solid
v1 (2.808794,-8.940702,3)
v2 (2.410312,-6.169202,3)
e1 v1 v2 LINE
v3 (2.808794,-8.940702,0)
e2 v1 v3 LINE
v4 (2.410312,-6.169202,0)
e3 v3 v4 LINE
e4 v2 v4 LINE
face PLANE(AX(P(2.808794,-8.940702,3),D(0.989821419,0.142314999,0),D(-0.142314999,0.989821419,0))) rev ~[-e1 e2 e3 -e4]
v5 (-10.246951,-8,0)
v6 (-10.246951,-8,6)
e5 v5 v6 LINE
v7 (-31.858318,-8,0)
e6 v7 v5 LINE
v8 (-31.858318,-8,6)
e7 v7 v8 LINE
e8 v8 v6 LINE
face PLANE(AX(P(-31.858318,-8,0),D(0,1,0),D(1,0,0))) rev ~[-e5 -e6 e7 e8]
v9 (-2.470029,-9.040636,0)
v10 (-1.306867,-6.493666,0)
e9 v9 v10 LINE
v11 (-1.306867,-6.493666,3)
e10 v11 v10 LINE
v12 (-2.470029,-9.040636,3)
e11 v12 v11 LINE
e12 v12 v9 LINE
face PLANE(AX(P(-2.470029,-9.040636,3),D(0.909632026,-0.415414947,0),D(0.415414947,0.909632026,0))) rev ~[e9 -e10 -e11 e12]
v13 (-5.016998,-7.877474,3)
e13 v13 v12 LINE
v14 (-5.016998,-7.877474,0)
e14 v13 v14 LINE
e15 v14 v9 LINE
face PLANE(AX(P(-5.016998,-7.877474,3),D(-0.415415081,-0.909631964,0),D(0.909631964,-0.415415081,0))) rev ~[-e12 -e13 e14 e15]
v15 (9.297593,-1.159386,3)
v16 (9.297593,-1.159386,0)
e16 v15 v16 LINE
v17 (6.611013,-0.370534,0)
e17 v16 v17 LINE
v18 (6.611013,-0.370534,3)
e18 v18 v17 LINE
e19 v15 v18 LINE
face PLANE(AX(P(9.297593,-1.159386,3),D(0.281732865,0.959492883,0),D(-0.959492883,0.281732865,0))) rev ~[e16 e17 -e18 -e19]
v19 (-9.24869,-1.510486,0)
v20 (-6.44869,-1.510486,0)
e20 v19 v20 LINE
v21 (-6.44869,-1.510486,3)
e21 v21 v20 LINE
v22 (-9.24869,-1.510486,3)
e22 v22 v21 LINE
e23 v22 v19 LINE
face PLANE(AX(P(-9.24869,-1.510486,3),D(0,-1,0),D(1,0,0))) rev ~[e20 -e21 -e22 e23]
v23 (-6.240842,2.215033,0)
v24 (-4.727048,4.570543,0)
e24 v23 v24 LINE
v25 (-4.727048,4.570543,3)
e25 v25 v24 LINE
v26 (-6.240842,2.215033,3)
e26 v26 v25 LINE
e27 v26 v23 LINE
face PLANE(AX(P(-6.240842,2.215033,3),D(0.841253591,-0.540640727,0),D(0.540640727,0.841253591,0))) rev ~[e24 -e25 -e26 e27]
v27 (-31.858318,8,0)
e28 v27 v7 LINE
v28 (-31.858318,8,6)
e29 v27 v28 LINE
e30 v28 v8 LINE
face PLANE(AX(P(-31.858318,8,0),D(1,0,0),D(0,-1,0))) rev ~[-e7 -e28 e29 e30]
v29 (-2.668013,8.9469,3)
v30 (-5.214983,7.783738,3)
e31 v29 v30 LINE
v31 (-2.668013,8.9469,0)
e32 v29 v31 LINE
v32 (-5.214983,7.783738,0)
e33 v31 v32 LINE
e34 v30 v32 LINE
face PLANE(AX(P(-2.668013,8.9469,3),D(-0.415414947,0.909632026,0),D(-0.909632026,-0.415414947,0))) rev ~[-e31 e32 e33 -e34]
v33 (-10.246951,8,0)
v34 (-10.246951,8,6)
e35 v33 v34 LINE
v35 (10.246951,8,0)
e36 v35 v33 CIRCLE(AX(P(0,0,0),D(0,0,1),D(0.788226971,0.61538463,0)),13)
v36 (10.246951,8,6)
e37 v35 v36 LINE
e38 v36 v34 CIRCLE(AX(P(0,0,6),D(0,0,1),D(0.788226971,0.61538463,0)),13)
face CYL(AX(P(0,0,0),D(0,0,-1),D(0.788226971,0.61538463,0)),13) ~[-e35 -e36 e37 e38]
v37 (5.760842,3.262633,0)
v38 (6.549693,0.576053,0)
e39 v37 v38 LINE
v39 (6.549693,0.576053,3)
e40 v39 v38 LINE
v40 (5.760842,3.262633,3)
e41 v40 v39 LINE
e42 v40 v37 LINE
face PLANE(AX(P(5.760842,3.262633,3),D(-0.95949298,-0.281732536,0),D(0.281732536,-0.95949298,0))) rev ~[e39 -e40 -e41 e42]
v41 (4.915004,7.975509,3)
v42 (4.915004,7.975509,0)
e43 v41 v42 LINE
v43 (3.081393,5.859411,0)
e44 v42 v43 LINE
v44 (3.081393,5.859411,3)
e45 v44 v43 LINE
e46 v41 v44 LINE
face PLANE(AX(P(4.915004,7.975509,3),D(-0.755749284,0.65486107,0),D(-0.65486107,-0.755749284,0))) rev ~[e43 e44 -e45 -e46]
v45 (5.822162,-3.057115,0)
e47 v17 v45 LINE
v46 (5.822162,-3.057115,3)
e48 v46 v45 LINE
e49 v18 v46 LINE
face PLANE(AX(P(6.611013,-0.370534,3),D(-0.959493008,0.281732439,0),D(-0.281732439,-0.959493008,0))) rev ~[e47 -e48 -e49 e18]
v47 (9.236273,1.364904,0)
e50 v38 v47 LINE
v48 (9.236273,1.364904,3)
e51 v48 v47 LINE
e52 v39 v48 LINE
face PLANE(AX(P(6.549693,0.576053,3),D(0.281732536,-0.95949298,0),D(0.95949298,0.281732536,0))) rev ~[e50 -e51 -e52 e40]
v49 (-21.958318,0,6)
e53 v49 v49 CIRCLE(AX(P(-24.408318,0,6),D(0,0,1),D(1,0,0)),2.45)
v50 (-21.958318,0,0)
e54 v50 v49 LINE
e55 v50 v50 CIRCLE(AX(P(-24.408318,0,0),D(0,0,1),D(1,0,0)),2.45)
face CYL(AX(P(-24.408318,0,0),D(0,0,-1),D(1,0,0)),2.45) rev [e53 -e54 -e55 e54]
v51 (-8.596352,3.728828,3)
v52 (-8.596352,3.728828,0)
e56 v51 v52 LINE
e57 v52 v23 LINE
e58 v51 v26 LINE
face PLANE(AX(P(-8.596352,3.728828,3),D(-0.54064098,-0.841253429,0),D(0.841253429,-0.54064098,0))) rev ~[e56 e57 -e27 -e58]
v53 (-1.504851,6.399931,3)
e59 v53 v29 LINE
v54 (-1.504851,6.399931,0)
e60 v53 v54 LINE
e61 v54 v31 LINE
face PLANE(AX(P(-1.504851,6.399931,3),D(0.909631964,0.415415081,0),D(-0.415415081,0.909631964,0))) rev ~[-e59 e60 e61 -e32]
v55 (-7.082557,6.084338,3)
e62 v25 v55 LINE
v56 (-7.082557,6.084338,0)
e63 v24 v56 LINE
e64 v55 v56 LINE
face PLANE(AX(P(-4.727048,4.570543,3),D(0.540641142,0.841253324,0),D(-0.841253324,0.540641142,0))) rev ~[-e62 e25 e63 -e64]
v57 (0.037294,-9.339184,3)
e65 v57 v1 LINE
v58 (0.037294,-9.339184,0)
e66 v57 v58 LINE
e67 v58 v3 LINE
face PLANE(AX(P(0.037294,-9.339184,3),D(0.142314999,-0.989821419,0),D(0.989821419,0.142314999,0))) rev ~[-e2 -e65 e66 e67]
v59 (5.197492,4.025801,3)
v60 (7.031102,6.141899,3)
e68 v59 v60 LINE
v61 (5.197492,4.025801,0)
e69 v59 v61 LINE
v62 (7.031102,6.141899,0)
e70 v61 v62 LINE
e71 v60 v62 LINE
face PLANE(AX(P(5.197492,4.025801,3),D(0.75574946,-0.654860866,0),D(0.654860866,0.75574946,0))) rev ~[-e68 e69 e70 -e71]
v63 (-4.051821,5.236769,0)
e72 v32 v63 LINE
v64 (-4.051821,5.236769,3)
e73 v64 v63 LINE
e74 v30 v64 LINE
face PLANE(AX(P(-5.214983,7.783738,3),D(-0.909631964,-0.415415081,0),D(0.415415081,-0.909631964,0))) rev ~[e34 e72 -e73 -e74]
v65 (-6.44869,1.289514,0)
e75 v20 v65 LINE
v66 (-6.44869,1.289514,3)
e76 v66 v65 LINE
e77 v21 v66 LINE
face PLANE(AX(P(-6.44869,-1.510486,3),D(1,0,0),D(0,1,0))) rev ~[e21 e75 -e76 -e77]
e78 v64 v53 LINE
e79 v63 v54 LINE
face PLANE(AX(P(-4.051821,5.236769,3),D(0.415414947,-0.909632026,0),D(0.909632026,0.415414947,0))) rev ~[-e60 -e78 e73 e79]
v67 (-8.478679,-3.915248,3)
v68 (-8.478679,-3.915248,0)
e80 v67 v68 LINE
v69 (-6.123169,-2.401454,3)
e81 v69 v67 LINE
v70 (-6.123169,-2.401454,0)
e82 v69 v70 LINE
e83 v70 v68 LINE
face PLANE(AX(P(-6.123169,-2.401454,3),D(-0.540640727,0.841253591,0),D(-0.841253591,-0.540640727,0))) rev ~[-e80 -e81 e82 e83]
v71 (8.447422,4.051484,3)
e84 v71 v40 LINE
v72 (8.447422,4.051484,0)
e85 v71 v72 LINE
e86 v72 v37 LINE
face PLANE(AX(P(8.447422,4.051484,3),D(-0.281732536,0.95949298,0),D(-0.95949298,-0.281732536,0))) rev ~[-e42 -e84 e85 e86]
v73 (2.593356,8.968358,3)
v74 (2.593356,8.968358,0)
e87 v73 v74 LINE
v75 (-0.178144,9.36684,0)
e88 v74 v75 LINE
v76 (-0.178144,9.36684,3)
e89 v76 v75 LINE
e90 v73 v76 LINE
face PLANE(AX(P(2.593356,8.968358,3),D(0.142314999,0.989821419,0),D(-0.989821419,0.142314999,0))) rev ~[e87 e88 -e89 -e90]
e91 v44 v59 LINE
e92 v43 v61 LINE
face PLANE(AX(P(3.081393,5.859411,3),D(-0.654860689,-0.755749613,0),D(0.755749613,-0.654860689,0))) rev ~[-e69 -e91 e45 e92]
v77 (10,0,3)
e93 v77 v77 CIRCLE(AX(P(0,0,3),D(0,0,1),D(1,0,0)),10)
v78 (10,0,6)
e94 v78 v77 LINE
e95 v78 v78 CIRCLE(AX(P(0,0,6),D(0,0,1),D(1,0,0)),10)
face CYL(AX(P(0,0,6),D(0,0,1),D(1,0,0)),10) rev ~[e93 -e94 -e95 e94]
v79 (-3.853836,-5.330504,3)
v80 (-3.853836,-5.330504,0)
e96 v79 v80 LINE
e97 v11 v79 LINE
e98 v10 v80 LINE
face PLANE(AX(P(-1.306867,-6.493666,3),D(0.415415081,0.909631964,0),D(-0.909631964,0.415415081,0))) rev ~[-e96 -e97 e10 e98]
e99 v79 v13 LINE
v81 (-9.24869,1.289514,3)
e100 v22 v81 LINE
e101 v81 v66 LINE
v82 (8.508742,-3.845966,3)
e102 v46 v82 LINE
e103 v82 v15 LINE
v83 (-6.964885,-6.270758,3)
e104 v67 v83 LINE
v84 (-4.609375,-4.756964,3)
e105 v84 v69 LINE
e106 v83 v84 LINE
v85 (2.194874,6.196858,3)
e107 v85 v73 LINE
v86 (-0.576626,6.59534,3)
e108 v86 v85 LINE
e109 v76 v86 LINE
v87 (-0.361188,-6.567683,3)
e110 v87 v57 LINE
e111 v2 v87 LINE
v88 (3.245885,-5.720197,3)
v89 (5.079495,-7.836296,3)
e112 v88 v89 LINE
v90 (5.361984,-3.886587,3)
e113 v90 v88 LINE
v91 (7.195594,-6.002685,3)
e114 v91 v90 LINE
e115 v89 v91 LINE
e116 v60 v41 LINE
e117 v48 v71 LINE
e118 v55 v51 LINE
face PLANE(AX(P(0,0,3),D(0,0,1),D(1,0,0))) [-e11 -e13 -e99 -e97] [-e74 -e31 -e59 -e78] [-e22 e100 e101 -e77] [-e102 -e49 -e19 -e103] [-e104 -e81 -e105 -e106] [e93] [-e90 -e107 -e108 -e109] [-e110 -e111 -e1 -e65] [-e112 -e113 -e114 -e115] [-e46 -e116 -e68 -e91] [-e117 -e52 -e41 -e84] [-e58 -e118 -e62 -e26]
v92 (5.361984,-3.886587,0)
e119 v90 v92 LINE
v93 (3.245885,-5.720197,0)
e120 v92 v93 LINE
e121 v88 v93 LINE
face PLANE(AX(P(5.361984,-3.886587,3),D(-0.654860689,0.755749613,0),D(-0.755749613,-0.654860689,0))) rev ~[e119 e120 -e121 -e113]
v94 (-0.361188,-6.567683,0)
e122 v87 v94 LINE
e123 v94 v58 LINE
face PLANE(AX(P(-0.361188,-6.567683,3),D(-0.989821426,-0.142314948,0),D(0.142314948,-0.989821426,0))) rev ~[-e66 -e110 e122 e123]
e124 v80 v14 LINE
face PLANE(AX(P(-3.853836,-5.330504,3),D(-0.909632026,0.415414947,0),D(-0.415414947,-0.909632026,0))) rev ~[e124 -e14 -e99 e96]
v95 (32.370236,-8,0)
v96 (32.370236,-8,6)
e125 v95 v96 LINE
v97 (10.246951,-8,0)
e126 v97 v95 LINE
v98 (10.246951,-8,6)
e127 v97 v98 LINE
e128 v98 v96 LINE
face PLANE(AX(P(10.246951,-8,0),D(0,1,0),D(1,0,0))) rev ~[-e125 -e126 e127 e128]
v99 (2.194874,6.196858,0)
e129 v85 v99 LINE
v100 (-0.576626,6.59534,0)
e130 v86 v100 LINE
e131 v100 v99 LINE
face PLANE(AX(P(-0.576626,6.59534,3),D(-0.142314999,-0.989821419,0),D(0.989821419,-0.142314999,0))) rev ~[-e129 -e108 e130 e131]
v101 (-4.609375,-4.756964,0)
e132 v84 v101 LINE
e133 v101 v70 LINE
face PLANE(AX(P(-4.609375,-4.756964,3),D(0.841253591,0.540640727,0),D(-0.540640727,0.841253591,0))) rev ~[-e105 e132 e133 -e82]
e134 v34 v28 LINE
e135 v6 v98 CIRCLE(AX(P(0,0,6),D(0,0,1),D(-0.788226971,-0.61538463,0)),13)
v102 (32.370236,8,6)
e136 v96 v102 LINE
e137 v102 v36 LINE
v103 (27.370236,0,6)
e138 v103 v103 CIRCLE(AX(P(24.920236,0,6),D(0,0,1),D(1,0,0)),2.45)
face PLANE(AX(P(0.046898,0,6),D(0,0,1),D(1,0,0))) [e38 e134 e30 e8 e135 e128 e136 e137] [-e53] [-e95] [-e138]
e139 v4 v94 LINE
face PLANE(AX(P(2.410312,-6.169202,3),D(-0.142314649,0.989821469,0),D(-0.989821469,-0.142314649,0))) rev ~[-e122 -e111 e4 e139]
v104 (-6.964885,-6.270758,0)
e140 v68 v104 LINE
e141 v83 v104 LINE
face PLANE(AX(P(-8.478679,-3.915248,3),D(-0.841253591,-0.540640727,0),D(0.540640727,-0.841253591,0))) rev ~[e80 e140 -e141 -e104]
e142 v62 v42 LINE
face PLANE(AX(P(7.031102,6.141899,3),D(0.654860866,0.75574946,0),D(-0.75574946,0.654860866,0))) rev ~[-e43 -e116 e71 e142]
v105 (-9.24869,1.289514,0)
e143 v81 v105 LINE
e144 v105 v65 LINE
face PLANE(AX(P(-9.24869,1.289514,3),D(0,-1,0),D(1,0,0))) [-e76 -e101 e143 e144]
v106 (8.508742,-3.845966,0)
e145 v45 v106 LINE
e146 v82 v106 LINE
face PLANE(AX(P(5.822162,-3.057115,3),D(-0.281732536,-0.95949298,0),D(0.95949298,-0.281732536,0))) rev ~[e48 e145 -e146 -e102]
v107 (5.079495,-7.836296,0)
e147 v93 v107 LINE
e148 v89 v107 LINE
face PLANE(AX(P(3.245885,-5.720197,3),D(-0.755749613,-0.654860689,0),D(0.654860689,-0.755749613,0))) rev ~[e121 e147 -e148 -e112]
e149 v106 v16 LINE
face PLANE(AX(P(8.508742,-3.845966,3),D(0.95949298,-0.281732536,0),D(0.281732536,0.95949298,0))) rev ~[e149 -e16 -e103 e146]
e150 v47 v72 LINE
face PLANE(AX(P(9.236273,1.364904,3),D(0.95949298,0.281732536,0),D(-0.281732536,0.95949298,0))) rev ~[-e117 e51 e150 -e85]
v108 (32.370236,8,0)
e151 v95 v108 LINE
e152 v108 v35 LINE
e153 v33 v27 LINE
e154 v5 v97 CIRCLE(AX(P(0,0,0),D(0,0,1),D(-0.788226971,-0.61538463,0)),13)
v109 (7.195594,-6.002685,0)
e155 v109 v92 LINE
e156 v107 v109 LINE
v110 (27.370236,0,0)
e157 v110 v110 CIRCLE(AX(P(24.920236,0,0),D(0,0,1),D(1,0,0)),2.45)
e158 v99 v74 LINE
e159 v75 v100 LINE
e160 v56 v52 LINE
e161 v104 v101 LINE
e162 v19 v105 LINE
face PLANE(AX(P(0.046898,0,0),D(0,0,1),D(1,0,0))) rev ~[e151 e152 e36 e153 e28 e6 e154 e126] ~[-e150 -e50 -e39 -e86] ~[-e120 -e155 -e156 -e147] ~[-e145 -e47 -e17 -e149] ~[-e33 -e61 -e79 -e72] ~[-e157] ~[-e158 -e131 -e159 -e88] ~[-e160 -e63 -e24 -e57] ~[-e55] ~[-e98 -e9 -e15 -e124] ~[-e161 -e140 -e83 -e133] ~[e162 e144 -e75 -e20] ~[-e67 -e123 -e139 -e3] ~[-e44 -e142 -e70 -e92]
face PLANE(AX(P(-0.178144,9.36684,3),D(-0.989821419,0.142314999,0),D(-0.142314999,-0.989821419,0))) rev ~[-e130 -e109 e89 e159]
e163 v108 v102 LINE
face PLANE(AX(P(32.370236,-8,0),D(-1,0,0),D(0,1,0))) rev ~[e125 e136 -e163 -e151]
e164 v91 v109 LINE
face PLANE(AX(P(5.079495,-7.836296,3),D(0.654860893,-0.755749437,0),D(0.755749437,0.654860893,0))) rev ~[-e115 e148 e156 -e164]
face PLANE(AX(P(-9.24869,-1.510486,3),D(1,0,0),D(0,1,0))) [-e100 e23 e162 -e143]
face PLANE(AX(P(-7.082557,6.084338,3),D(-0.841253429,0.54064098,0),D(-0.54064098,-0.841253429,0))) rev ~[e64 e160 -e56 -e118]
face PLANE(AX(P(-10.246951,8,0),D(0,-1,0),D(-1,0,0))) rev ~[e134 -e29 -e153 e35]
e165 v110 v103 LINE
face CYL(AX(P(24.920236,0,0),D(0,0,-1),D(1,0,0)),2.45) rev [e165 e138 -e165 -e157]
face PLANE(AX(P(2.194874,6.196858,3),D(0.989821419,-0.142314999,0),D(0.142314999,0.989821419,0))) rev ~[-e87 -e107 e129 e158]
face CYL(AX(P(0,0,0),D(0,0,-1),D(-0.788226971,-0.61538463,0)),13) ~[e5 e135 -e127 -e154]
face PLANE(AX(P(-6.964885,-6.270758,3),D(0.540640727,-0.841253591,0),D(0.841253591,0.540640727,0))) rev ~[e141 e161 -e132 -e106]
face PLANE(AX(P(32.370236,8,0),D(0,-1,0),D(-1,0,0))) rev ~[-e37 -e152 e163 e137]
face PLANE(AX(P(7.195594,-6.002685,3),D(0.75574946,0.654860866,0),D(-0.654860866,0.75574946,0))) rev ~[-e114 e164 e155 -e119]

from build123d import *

# Parameters (mm, degrees)
F0_R     = 2.45
F1_DEPTH = 6
F2_R     = 10
F3_DEPTH = 3
F4_W     = 2.8
F4_H     = 2.8
F5_DEPTH = 3.001


with BuildPart() as f1:
    # F0 (on Top) → F1 (new body)
    with BuildSketch(Plane.XY):
        with BuildLine():
            ThreePointArc((10.246951, -8), (12.292485, -4.230227), (13, 0))
            ThreePointArc((13, 0), (12.292485, 4.230227), (10.246951, 8))
            ThreePointArc((10.246951, 8), (0, 13), (-10.246951, 8))
            ThreePointArc((-10.246951, 8), (-13, 0), (-10.246951, -8))
            ThreePointArc((-10.246951, -8), (0, -13), (10.246951, -8))
        make_face()
        with BuildLine():
            ThreePointArc((10.246951, 8), (12.292485, 4.230227), (13, 0))
            ThreePointArc((13, 0), (12.292485, -4.230227), (10.246951, -8))
            Line((10.246951, -8), (32.370236, -8))
            Line((32.370236, -8), (32.370236, 8))
            Line((32.370236, 8), (10.246951, 8))
        make_face()
        with Locations((24.920236, 0)):
            Circle(F0_R, mode=Mode.SUBTRACT)
        with BuildLine():
            ThreePointArc((-10.246951, -8), (-13, 0), (-10.246951, 8))
            Line((-10.246951, 8), (-31.858318, 8))
            Line((-31.858318, 8), (-31.858318, -8))
            Line((-31.858318, -8), (-10.246951, -8))
        make_face()
        with Locations((-24.408318, 0)):
            Circle(F0_R, mode=Mode.SUBTRACT)
    extrude(amount=F1_DEPTH)

    # F2 (on face) → F3 (cut)
    with BuildSketch(Plane.XY.offset(6)):
        Circle(F2_R)
    extrude(amount=-F3_DEPTH, mode=Mode.SUBTRACT)

    # F4 (on face) → F5 (cut, through all)
    with BuildSketch(Plane.XY.offset(3)):
        with Locations((-7.84869, -0.110486)):
            Rectangle(F4_W, F4_H)
        Polygon((-4.609375, -4.756964), (-6.123169, -2.401454), (-8.478679, -3.915248), (-6.964885, -6.270758), align=None)
        Polygon((-1.306867, -6.493666), (-3.853836, -5.330504), (-5.016998, -7.877474), (-2.470029, -9.040636), align=None)
        Polygon((2.410312, -6.169202), (-0.361188, -6.567683), (0.037294, -9.339184), (2.808794, -8.940702), align=None)
        Polygon((5.361984, -3.886587), (3.245885, -5.720197), (5.079495, -7.836296), (7.195594, -6.002685), align=None)
        Polygon((6.611013, -0.370534), (5.822162, -3.057115), (8.508742, -3.845966), (9.297593, -1.159386), align=None)
        Polygon((5.760842, 3.262633), (6.549693, 0.576053), (9.236273, 1.364904), (8.447422, 4.051484), align=None)
        Polygon((3.081393, 5.859411), (5.197492, 4.025801), (7.031102, 6.141899), (4.915004, 7.975509), align=None)
        Polygon((-0.576626, 6.59534), (2.194874, 6.196858), (2.593356, 8.968358), (-0.178144, 9.36684), align=None)
        Polygon((-4.051821, 5.236769), (-1.504851, 6.399931), (-2.668013, 8.9469), (-5.214983, 7.783738), align=None)
        Polygon((-6.240842, 2.215033), (-4.727048, 4.570543), (-7.082557, 6.084338), (-8.596352, 3.728828), align=None)
    extrude(amount=-F5_DEPTH, mode=Mode.SUBTRACT)


solid = f1.part
